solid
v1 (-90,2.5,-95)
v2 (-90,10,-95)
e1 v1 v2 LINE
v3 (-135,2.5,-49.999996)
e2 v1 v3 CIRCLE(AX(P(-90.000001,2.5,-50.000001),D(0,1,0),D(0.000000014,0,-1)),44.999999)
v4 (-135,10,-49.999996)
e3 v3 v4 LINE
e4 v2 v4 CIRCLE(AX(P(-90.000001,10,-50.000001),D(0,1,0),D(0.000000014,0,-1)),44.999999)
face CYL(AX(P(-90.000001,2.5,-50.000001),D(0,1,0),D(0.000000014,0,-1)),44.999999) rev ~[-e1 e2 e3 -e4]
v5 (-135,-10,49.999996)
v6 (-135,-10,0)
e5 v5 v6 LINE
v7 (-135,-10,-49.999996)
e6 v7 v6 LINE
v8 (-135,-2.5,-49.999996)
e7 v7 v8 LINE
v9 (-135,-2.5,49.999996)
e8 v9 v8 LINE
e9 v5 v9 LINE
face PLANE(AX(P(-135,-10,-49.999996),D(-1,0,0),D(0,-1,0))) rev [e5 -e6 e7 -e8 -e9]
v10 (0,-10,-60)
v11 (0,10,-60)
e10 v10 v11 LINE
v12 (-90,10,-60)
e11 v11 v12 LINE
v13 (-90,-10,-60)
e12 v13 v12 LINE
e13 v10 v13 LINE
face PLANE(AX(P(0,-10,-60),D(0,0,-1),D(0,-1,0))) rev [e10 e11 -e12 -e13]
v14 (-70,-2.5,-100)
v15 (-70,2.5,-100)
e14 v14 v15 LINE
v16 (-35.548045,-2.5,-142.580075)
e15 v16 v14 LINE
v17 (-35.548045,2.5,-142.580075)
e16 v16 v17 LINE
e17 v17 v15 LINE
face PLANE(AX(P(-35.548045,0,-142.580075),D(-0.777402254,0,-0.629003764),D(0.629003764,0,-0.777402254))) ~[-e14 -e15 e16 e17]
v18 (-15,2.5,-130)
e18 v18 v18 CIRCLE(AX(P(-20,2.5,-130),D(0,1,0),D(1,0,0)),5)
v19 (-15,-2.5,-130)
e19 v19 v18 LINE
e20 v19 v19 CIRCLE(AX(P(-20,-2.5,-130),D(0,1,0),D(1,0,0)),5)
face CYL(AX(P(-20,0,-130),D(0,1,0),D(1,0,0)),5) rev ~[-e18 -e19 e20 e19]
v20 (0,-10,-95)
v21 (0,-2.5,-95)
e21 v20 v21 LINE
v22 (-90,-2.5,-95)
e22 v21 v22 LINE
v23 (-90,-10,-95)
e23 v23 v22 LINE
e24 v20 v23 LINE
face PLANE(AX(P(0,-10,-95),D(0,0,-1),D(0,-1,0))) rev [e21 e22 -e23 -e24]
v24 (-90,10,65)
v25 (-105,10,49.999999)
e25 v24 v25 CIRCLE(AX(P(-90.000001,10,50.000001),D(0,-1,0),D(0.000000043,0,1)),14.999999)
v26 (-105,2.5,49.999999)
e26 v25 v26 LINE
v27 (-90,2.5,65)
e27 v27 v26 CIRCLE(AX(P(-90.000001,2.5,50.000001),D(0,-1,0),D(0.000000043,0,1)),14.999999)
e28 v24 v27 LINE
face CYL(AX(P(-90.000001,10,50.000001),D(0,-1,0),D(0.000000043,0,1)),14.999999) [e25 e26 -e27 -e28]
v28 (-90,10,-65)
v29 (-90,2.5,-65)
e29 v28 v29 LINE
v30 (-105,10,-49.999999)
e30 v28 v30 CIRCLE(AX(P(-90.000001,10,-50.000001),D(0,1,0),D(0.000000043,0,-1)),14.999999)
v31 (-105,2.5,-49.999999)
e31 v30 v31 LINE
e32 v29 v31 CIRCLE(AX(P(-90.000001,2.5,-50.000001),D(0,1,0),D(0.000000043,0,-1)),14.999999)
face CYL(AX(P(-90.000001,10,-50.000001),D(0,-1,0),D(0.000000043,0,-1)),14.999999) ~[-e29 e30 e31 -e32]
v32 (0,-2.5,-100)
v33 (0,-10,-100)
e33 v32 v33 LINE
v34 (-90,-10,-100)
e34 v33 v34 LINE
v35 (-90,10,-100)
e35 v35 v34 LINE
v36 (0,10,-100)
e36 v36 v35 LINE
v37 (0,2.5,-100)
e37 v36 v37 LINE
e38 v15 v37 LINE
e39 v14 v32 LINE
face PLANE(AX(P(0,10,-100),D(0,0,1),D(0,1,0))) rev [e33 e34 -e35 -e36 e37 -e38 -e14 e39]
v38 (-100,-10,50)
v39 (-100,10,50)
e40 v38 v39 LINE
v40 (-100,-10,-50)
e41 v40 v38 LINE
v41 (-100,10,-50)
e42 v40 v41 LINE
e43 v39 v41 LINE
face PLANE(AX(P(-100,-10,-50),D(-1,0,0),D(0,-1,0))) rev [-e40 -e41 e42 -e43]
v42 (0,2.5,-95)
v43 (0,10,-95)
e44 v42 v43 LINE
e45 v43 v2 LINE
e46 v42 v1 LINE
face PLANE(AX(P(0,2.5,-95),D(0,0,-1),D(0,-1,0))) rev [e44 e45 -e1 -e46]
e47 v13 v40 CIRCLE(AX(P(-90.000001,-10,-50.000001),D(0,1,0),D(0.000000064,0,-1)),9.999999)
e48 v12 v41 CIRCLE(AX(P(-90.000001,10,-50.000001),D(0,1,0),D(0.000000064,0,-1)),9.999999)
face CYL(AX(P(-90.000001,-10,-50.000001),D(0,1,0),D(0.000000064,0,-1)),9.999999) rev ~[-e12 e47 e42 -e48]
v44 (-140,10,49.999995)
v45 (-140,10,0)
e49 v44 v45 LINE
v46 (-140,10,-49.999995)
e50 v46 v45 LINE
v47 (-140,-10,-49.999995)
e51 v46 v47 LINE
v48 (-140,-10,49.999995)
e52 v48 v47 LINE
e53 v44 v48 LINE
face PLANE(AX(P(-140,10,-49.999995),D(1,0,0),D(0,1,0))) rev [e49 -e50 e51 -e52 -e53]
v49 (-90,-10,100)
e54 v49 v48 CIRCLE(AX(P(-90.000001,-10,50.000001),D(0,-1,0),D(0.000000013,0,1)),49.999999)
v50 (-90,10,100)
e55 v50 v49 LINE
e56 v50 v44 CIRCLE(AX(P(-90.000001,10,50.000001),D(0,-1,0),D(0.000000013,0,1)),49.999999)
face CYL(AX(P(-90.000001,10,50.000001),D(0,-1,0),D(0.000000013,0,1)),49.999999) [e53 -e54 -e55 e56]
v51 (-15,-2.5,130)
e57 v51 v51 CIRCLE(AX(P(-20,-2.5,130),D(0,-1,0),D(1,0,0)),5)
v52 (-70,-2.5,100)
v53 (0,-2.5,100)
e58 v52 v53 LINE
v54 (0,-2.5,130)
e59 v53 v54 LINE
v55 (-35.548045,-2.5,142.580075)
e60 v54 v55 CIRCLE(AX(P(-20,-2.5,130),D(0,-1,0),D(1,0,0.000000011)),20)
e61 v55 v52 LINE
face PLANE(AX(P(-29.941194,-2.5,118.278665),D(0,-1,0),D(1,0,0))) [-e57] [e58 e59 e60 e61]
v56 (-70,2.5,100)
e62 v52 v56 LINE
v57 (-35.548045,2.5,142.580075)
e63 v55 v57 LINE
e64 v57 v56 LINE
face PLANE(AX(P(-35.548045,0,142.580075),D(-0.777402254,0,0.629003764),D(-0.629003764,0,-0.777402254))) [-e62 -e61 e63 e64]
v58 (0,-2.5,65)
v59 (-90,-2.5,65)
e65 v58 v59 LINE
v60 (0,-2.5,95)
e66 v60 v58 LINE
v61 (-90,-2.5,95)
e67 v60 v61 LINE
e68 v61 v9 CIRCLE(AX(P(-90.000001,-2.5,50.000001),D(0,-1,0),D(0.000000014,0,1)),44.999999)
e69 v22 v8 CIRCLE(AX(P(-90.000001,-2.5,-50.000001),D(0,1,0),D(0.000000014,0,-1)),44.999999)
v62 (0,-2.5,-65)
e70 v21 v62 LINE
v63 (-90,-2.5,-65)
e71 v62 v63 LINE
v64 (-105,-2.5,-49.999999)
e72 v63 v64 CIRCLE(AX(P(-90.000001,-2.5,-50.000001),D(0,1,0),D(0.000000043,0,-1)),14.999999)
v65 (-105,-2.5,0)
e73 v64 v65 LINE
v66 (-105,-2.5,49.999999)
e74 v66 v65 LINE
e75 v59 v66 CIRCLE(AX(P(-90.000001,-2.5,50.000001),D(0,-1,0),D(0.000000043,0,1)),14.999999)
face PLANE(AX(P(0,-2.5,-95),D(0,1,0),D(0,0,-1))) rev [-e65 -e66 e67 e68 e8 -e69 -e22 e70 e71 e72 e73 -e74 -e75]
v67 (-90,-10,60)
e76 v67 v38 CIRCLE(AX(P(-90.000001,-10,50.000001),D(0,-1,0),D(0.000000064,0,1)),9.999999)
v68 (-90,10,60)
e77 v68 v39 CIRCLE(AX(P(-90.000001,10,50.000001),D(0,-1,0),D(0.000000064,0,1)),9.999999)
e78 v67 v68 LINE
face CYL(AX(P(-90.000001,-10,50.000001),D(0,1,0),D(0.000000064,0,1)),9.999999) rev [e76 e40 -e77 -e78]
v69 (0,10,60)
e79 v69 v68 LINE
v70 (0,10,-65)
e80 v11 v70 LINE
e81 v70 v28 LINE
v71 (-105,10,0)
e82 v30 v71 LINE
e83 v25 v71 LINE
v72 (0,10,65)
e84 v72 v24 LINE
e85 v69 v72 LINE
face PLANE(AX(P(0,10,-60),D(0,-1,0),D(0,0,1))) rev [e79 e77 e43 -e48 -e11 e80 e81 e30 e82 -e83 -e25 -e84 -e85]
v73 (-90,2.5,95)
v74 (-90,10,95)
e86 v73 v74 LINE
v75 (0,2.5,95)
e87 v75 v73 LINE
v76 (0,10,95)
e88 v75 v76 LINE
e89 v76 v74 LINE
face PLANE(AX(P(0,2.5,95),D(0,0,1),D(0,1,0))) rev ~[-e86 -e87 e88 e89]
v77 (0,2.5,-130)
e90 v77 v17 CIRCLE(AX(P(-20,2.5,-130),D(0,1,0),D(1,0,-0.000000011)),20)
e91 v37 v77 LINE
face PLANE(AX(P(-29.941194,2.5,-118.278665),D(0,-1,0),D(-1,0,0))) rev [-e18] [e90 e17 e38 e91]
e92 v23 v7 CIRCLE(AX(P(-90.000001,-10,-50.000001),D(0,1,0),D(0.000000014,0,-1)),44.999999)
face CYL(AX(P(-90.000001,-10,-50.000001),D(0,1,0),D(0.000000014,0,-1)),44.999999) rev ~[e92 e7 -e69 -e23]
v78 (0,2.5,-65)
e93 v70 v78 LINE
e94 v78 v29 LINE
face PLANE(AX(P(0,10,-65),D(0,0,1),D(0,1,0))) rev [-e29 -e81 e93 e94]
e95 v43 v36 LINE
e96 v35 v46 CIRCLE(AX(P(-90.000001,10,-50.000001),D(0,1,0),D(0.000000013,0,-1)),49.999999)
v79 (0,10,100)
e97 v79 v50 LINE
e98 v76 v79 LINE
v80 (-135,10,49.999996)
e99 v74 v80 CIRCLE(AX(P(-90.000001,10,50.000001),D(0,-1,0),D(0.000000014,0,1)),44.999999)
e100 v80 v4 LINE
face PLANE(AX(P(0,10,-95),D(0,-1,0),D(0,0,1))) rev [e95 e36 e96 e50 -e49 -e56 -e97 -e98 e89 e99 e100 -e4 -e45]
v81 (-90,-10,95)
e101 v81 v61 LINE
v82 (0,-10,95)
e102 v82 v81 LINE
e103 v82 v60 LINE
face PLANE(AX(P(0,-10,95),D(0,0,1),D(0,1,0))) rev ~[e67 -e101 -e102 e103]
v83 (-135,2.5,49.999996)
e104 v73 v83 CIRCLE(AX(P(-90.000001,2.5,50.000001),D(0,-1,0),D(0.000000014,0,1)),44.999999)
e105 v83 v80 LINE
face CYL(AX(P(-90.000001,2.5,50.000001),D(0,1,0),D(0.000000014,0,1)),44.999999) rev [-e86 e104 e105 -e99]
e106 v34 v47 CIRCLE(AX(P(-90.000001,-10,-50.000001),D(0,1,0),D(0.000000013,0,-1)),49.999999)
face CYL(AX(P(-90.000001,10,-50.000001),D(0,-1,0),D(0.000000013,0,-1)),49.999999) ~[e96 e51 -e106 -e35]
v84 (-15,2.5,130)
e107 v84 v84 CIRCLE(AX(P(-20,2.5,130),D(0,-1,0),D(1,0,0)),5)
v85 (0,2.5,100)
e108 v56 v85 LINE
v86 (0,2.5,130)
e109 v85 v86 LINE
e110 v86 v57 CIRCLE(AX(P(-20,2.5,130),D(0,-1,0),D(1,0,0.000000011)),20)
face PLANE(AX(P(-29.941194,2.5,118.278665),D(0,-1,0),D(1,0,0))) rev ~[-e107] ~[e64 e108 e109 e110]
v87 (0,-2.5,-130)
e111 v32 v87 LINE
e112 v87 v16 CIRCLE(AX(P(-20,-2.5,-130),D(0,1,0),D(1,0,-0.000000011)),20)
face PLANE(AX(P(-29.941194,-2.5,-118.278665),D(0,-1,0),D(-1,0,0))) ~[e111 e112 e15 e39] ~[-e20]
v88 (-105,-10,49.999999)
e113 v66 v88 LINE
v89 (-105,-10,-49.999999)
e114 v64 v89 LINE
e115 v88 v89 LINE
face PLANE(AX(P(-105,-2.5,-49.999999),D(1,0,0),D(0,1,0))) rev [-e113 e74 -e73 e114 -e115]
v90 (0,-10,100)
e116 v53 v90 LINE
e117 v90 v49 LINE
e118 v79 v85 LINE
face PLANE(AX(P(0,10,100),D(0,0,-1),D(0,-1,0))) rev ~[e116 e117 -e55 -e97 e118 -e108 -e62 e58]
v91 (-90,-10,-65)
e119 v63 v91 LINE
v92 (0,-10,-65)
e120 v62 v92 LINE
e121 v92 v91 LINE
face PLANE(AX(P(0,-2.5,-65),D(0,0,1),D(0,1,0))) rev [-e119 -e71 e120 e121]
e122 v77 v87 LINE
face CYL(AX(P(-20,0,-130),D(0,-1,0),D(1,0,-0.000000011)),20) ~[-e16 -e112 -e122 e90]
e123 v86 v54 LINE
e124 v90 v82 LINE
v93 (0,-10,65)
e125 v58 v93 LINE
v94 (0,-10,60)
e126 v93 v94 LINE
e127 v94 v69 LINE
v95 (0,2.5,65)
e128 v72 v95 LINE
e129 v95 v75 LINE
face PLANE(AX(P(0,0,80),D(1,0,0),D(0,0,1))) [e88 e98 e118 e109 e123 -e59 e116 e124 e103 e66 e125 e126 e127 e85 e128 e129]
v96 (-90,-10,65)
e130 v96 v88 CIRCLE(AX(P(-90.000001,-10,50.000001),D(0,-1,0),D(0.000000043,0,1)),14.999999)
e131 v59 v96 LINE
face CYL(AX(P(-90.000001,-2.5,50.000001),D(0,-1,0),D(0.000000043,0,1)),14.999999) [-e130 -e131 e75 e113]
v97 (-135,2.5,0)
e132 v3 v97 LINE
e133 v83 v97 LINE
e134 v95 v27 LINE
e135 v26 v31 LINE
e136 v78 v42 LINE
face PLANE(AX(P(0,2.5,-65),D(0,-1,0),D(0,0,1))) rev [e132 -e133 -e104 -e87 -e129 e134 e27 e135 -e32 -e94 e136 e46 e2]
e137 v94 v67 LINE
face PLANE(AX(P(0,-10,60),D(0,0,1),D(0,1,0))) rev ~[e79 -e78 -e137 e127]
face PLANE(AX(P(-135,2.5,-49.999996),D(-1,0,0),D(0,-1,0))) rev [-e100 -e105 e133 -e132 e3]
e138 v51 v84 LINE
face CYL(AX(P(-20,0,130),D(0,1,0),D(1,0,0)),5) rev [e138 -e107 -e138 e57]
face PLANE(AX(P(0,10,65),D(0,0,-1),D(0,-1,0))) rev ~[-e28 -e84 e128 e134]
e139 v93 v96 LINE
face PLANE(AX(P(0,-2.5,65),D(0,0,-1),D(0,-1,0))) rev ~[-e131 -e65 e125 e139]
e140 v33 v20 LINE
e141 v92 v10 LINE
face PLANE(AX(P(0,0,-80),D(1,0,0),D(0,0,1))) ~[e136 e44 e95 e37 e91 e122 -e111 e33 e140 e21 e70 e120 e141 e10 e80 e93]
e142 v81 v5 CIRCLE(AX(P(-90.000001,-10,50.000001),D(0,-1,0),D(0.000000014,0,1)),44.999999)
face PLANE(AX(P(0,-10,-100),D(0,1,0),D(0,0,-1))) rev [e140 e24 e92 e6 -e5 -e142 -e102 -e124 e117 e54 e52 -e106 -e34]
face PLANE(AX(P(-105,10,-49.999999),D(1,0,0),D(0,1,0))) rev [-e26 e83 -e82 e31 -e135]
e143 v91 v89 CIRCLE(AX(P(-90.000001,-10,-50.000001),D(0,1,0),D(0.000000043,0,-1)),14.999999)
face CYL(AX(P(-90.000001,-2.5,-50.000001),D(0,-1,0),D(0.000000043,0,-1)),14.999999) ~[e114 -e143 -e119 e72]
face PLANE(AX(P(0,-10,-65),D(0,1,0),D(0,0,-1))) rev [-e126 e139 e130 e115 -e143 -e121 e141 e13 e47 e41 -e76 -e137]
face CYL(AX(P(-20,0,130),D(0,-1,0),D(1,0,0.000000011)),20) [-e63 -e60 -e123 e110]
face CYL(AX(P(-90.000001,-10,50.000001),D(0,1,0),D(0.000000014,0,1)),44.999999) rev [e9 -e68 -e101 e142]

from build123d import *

# Parameters (mm, degrees)
F3_R     = 5
F4_DEPTH = 2.5


with BuildPart() as f2:
    # F2: sweep along a path in F0
    with BuildLine(Plane.XZ) as f2_path:
        Line((0, 60), (-90, 60))
        ThreePointArc((-90, 60), (-97.071068, 57.071068), (-100, 50))
        Line((-100, 50), (-100, 0))
    # F1 (on Right) → F2 (sweep)
    with BuildSketch(Plane.YZ):
        Polygon((-10, 60), (0, 60), (10, 60), (10, 65), (2.5, 65), (2.5, 95), (10, 95), (10, 100), (0, 100), (-10, 100), (-10, 95), (-2.5, 95), (-2.5, 65), (-10, 65), align=None)
    sweep(path=f2_path.line)

    # F3 (on Front) → F4 (join, symmetric)
    with BuildSketch(Plane.XZ):
        with BuildLine():
            Line((-70, 100), (0, 100))
            Line((0, 100), (0, 130))
            ThreePointArc((0, 130), (-13.327703, 148.854189), (-35.548045, 142.580075))
            Line((-35.548045, 142.580075), (-70, 100))
        make_face()
        with Locations((-20, 130)):
            Circle(F3_R, mode=Mode.SUBTRACT)
    extrude(amount=F4_DEPTH, both=True)

    # F5: F2 across plane


with BuildPart() as f2_1:
    add(f2.part)
    add(f2.part.mirror(Plane.XY))


solid = f2_1.part
